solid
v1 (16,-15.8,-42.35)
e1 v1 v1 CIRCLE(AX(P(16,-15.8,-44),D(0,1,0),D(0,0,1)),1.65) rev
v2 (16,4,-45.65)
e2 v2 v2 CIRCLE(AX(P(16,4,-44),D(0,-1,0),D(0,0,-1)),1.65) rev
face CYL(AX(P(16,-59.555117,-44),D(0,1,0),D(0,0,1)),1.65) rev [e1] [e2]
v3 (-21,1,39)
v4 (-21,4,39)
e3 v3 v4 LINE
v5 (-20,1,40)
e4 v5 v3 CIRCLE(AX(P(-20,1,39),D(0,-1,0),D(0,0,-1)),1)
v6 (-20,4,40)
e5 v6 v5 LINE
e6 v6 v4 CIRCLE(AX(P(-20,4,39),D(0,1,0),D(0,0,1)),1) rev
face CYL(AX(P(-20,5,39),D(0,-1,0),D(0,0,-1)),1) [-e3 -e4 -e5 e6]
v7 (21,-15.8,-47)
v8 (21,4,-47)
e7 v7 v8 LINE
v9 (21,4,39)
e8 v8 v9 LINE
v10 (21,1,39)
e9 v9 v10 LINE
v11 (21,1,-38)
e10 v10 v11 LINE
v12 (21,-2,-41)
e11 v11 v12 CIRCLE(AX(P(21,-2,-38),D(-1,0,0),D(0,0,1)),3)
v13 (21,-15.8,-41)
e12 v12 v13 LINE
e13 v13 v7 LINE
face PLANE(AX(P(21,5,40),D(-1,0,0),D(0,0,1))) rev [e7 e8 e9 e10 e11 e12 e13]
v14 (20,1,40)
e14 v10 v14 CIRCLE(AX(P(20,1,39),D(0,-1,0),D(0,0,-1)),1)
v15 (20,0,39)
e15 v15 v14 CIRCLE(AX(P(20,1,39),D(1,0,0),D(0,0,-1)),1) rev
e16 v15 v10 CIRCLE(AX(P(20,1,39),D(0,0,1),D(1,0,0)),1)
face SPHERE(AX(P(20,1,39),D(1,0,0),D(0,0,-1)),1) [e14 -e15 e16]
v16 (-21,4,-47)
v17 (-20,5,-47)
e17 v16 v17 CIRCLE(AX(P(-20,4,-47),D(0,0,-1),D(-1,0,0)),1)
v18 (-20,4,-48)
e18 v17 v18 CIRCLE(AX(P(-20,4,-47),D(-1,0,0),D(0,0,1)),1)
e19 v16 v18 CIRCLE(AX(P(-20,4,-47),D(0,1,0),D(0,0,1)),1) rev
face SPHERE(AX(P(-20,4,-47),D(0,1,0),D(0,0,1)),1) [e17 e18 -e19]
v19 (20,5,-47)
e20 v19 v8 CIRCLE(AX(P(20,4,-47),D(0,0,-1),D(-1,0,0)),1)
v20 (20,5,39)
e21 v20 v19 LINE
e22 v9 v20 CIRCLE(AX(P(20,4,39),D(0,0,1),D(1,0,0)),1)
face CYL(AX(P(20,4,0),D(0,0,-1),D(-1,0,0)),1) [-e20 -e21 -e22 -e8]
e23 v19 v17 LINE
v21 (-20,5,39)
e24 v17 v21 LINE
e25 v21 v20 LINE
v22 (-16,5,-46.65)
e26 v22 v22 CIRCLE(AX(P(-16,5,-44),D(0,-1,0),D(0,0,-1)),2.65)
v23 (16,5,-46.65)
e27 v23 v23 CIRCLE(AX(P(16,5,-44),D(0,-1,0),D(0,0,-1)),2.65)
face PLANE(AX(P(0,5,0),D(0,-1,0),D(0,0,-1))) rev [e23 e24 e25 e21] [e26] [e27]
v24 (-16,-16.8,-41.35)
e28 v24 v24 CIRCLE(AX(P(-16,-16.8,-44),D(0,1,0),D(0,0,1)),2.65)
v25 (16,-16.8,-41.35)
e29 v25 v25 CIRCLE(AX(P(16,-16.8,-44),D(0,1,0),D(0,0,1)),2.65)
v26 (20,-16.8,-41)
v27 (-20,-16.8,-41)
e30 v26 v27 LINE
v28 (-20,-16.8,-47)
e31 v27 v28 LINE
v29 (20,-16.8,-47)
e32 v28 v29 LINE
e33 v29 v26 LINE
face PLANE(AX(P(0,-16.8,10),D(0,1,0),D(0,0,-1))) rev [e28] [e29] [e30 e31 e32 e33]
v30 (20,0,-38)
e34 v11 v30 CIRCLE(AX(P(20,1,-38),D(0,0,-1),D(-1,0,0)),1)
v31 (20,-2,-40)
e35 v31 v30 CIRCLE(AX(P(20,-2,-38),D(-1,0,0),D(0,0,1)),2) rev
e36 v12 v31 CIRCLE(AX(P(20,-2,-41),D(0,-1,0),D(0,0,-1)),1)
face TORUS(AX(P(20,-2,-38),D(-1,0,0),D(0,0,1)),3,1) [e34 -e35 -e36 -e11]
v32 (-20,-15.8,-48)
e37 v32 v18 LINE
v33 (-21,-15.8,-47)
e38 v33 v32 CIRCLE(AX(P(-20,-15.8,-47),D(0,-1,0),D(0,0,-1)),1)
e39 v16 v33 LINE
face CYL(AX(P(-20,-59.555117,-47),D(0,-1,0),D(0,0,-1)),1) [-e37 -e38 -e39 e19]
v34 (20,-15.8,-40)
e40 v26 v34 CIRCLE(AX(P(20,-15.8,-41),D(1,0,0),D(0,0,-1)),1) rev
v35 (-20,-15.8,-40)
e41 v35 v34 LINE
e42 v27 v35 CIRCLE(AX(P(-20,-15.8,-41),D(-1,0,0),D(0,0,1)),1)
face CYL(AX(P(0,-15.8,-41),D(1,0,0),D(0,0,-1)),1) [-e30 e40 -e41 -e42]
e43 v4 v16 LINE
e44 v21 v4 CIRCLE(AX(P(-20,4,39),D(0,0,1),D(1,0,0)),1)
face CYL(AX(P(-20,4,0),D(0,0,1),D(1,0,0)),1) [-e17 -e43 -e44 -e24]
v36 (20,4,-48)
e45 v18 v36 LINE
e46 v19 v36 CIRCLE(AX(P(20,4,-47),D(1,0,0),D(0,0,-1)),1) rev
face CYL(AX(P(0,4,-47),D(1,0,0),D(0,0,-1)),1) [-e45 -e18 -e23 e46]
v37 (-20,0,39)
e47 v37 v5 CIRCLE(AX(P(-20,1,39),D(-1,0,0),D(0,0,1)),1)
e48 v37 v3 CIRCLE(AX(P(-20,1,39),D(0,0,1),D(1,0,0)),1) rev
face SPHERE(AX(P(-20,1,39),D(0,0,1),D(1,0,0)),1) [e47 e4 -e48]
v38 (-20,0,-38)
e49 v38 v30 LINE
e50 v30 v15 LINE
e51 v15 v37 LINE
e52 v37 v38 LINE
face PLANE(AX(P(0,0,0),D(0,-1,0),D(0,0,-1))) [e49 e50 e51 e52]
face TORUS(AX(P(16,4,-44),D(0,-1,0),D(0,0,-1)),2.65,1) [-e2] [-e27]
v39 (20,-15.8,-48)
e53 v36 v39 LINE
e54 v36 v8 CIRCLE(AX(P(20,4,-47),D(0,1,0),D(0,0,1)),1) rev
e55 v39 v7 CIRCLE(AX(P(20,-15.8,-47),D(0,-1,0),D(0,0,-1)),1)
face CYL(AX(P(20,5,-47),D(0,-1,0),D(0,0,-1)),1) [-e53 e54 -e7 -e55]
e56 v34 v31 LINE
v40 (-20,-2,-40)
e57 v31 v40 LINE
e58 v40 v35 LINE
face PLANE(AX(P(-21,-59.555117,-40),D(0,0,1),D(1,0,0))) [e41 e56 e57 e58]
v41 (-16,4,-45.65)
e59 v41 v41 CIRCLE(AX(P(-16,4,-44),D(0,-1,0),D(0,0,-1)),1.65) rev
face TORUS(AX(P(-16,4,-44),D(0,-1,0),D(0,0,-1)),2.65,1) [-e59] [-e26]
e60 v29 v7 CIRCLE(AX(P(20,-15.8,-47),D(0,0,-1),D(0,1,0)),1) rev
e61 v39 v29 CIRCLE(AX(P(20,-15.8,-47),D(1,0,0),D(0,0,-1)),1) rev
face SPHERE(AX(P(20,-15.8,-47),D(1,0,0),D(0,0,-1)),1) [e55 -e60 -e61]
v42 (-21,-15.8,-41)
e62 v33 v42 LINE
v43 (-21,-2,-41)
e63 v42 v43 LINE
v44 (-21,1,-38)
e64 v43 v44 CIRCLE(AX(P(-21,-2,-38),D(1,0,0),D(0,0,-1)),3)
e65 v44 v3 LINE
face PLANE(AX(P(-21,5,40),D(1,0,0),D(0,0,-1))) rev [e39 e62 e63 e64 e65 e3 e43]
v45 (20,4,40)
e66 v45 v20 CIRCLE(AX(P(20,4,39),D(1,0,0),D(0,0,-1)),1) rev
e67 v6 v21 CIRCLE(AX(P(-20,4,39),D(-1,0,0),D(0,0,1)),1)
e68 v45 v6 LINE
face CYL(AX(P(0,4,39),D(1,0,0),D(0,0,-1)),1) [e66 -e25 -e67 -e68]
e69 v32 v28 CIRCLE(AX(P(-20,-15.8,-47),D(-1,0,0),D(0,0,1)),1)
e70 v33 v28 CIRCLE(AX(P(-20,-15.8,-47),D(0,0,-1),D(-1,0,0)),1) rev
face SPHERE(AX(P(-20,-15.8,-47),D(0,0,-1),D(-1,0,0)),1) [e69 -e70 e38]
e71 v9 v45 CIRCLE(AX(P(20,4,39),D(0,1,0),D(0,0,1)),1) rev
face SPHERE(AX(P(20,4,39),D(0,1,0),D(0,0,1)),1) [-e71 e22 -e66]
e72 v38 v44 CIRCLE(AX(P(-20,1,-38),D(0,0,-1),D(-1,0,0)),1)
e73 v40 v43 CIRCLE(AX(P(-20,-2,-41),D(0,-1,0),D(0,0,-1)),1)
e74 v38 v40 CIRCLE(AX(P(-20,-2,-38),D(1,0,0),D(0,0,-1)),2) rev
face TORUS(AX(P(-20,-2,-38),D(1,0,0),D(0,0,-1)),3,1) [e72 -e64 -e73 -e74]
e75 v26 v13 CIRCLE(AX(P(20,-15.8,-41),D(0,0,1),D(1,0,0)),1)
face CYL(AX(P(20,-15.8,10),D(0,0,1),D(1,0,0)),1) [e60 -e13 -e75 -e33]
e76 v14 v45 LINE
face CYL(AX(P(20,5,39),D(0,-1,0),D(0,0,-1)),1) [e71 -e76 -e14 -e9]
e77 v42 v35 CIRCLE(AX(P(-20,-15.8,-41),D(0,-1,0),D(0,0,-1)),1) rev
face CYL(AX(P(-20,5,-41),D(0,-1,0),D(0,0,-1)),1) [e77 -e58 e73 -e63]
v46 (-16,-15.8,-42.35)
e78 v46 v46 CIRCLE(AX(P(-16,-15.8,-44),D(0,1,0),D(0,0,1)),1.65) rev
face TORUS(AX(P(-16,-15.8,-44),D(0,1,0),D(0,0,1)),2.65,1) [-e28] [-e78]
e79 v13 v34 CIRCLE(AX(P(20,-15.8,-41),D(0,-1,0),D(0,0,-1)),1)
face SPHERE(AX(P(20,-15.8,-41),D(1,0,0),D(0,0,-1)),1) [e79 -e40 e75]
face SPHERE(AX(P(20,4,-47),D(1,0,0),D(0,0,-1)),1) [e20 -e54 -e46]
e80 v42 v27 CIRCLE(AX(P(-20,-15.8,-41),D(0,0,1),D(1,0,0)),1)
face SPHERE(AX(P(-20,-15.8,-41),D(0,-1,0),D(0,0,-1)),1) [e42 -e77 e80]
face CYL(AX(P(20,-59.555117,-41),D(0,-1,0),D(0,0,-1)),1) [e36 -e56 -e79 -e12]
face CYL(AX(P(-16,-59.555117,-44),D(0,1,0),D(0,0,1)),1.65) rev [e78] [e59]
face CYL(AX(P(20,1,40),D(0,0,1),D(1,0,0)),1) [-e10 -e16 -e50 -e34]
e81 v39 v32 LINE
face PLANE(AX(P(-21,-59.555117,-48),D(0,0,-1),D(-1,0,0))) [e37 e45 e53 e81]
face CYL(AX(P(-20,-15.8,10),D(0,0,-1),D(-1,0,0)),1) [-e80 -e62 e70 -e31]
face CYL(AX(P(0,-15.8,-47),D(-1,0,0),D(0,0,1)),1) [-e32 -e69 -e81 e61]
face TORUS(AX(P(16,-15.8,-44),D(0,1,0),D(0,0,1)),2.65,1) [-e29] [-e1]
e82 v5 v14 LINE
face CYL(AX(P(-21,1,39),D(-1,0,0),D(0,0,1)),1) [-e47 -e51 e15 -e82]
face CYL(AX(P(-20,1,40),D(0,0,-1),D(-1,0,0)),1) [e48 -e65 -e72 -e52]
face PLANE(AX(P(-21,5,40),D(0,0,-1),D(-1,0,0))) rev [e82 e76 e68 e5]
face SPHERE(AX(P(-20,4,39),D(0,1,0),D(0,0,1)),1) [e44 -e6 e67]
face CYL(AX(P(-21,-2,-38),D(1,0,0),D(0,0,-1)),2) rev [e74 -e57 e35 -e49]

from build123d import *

# Parameters (mm, degrees)
SKETCH1_W           = 42
SKETCH1_H           = 80
BOSS_EXTRUDE1_DEPTH = 5
SKETCH2_W           = 42
SKETCH2_H           = 8
SKETCH2_R           = 1.65
BOSS_EXTRUDE2_DEPTH = 21.8
FILLET1_R           = 2
FILLET2_R           = 1


with BuildPart() as part:
    # Sketch1 → Boss-Extrude1 (new body)
    with BuildSketch(Plane(origin=(0, 0, 0), x_dir=(1, 0, 0), z_dir=(0, 1, 0))):
        Rectangle(SKETCH1_W, SKETCH1_H)
    extrude(amount=BOSS_EXTRUDE1_DEPTH)

    # Sketch2 → Boss-Extrude2 (add)
    with BuildSketch(Plane(origin=(0, 5, 0), x_dir=(1, 0, 0), z_dir=(0, 1, 0))):
        with Locations((0, 44)):
            Rectangle(SKETCH2_W, SKETCH2_H)
        with Locations(Location((16, 44, 0), (0, 0, 270))):
            Circle(SKETCH2_R, mode=Mode.SUBTRACT)
        with Locations(Location((-16, 44, 0), (0, 0, 270))):
            Circle(SKETCH2_R, mode=Mode.SUBTRACT)
    extrude(amount=-BOSS_EXTRUDE2_DEPTH)

    # Fillet1
    fillet1_edges = [part.edges().sort_by_distance(p)[0] for p in [
        (0, 0, -40),
    ]]
    fillet(fillet1_edges, radius=FILLET1_R)

    # Fillet2
    fillet2_edges = [part.edges().sort_by_distance(p)[0] for p in [
        (-21, 5, -4),
        (21, -9.4, -40),
        (21, -5.9, -48),
        (-21, -5.9, -48),
        (-21, -9.4, -40),
        (16, -16.8, -45.65),
        (16, 5, -45.65),
        (0, 5, -48),
        (-16, -16.8, -45.65),
        (-16, 5, -45.65),
        (0, 5, 40),
        (-21, -16.8, -44),
        (0, -16.8, -48),
        (21, -16.8, -44),
        (0, -16.8, -40),
        (-21, 0, 1),
        (-21, -0.585786438, -39.414213562),
        (21, -0.585786438, -39.414213562),
        (21, 5, -4),
        (0, 0, 40),
        (21, 0, 1),
        (21, 2.5, 40),
        (-21, 2.5, 40),
    ]]
    fillet(fillet2_edges, radius=FILLET2_R)


solid = part.part
